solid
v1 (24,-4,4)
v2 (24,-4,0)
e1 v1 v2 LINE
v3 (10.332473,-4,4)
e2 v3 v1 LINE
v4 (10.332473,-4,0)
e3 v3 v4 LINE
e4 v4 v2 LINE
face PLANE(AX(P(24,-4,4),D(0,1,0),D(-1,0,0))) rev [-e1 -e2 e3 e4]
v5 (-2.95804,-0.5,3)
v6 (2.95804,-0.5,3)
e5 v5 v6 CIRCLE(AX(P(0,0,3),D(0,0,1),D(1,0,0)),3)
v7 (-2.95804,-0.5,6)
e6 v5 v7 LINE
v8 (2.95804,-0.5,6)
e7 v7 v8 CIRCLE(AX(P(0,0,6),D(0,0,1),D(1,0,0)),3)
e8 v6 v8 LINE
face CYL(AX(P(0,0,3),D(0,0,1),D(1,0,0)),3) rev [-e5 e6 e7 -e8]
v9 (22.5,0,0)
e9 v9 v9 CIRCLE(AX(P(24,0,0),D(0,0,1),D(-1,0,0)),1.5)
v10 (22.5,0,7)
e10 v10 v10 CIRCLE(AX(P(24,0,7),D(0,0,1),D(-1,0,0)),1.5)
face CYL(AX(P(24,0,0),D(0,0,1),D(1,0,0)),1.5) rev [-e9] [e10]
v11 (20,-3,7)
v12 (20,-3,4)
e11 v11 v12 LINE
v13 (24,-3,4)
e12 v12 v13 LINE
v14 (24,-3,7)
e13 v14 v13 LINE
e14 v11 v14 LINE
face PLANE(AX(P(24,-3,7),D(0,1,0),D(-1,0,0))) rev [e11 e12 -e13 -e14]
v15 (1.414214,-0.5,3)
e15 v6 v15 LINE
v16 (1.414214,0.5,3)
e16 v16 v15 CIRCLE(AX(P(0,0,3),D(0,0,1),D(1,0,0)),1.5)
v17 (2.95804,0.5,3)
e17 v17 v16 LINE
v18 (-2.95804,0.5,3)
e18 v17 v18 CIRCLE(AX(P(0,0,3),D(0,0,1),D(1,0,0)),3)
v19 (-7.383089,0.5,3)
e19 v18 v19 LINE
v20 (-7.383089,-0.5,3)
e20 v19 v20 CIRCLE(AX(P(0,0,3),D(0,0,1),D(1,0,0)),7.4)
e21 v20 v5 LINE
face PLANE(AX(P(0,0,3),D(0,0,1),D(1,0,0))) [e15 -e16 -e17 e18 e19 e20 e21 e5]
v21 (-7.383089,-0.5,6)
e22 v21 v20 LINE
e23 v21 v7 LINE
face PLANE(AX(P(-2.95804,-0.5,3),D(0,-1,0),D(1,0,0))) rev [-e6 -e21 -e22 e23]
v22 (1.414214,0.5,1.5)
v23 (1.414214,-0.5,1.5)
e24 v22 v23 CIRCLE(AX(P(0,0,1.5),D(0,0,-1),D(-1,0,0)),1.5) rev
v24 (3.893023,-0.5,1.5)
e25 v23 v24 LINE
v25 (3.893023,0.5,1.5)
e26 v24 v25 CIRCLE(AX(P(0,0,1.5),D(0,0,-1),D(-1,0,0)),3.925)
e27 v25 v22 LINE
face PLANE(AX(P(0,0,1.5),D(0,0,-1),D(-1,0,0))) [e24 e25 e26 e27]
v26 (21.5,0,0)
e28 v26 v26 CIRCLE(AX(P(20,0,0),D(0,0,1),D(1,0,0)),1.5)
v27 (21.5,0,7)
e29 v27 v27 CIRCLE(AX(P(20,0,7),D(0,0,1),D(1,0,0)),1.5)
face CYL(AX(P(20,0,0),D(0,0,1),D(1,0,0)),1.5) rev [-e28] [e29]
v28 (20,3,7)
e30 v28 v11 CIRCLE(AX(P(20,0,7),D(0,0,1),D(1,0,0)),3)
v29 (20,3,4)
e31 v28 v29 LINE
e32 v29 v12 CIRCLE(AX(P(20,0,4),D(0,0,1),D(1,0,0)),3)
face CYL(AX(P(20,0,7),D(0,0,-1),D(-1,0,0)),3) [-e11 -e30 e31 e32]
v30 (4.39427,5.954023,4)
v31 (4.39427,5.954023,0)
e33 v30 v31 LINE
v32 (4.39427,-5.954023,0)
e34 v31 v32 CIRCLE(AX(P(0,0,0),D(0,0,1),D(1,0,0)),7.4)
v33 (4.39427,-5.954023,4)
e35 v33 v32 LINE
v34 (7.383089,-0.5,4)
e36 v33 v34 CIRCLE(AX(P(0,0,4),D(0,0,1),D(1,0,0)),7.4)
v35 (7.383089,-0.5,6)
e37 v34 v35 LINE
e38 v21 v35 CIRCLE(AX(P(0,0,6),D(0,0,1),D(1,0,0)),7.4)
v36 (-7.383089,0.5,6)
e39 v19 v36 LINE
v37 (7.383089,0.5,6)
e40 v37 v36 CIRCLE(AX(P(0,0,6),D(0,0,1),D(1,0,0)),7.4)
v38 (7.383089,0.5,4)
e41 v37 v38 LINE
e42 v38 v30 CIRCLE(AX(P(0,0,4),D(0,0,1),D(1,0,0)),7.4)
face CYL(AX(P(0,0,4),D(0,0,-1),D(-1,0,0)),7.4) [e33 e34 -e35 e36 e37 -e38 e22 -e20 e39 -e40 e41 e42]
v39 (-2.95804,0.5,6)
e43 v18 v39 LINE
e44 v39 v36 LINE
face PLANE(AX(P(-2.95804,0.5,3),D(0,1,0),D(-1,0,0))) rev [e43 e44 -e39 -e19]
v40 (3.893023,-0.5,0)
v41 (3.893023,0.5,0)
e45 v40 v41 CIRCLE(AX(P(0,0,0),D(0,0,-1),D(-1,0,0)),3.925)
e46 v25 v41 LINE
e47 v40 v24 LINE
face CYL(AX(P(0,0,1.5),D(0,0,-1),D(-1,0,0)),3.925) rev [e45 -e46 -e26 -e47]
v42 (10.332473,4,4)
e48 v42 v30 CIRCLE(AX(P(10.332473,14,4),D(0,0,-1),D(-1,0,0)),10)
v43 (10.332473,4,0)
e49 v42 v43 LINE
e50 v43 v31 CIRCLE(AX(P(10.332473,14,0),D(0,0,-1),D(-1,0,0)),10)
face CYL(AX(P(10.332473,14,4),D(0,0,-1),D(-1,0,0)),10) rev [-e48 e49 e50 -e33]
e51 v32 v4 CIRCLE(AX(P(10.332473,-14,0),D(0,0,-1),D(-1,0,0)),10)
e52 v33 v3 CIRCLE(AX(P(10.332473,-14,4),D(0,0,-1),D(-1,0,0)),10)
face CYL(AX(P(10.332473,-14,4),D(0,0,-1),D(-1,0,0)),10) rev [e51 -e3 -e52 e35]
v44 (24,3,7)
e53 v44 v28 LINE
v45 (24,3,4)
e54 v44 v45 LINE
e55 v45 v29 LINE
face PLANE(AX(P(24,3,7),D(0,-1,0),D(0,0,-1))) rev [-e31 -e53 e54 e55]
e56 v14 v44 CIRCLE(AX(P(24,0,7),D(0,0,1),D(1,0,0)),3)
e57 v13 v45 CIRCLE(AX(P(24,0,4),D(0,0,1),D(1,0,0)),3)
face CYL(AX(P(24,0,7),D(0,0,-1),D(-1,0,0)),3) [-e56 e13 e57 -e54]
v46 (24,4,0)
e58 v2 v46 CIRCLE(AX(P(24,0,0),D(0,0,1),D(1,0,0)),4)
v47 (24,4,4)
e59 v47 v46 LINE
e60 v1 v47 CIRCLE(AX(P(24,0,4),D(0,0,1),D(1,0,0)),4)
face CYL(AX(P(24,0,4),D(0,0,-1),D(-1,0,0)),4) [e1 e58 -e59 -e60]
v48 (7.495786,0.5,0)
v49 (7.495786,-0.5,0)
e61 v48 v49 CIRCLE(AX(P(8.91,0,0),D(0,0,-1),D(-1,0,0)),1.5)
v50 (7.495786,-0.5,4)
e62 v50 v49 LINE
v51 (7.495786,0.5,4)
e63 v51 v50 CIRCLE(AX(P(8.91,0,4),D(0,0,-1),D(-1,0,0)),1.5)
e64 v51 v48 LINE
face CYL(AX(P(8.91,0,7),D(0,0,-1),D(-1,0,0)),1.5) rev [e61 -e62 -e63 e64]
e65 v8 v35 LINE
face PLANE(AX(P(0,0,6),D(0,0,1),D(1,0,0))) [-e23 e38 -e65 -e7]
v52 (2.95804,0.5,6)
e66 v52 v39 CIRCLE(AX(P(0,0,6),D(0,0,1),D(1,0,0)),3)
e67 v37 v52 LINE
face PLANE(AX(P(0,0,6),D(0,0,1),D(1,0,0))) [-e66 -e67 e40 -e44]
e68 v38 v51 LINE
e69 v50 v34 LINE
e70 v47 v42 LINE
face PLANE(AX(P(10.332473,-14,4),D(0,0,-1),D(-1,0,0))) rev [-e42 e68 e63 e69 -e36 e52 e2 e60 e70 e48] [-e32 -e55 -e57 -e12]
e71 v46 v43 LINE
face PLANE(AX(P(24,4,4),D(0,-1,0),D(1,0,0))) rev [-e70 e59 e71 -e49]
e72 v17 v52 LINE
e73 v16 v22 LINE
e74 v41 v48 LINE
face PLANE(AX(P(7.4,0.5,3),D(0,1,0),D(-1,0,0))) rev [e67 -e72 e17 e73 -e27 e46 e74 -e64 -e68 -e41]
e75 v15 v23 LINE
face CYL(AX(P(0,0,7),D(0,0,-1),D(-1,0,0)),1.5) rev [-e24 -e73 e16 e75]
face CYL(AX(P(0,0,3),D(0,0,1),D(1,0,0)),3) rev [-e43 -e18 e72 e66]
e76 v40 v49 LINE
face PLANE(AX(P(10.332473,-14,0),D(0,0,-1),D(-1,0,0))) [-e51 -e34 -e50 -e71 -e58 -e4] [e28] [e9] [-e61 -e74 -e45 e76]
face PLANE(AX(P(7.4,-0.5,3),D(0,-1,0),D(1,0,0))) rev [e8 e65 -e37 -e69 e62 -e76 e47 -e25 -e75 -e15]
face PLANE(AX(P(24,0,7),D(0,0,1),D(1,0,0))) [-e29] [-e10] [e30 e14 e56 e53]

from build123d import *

# Parameters (mm, degrees)
EXTRUDE_1_DEPTH     = 4
SKETCH_3_R          = 7.4
EXTRUDE_2_DEPTH     = 2
EXTRUDE_3_DEPTH     = 3
CUT_EXTRUDE_1_DEPTH = 3
SKETCH_7_R          = 1.5
CUT_EXTRUDE_2_DEPTH = 30.795301643
CUT_EXTRUDE_3_DEPTH = 30.795301643
SKETCH_10_R         = 3.925
CUT_EXTRUDE_4_DEPTH = 1.5


with BuildPart() as part:
    # ｽｹｯﾁ2 → ﾎﾞｽ - 押し出し1 (new body)
    with BuildSketch(Plane.XY):
        with BuildLine():
            Line((24, 4), (10.332473082, 4))
            ThreePointArc((10.332473082, 4), (7.206754774, 4.50105874), (4.394270162, 5.954022989))
            ThreePointArc((4.394270162, 5.954022989), (-7.4, 0), (4.394270162, -5.954022989))
            ThreePointArc((4.394270162, -5.954022989), (7.206754774, -4.50105874), (10.332473082, -4))
            Line((10.332473082, -4), (24, -4))
            ThreePointArc((24, -4), (28, 0), (24, 4))
        make_face()
    extrude(amount=EXTRUDE_1_DEPTH)

    # ｽｹｯﾁ3 → ﾎﾞｽ - 押し出し2 (add)
    with BuildSketch(Plane.XY.offset(4)):
        with Locations(Location((0, 0, 0), (0, 0, 53.571420986))):
            Circle(SKETCH_3_R)
    extrude(amount=EXTRUDE_2_DEPTH)

    # ｽｹｯﾁ4 → ﾎﾞｽ - 押し出し3 (add)
    with BuildSketch(Plane.XY.offset(4)):
        with BuildLine():
            Line((24, -3), (20, -3))
            ThreePointArc((20, -3), (17, 0), (20, 3))
            Line((20, 3), (24, 3))
            ThreePointArc((24, 3), (27, 0), (24, -3))
        make_face()
    extrude(amount=EXTRUDE_3_DEPTH)

    # ｽｹｯﾁ6 → ｶｯﾄ - 押し出し1 (cut)
    with BuildSketch(Plane.XY.offset(6)):
        with BuildLine():
            Line((7.4, 0.5), (2.958039892, 0.5))
            ThreePointArc((2.958039892, 0.5), (0, 3), (-2.958039892, 0.5))
            Line((-2.958039892, 0.5), (-7.4, 0.5))
            Line((-7.4, 0.5), (-7.4, -0.5))
            Line((-7.4, -0.5), (-2.958039892, -0.5))
            ThreePointArc((-2.958039892, -0.5), (0, -3), (2.958039892, -0.5))
            Line((2.958039892, -0.5), (7.4, -0.5))
            Line((7.4, -0.5), (7.4, 0.5))
        make_face()
    extrude(amount=-CUT_EXTRUDE_1_DEPTH, mode=Mode.SUBTRACT)

    # ｽｹｯﾁ7 → ｶｯﾄ - 押し出し2 (cut, through all)
    with BuildSketch(Plane.XY.offset(7)):
        with Locations((20, 0)):
            Circle(SKETCH_7_R)
        with Locations(Location((24, 0, 0), (0, 0, 180))):
            Circle(SKETCH_7_R)
    extrude(amount=-CUT_EXTRUDE_2_DEPTH, mode=Mode.SUBTRACT)

    # ｽｹｯﾁ8 → ｶｯﾄ - 押し出し3 (cut, through all)
    with BuildSketch(Plane(origin=(0, 0, 0), x_dir=(-1, 0, 0), z_dir=(0, 0, -1))):
        with BuildLine():
            ThreePointArc((-1.414213562, -0.5), (1.5, 0), (-1.414213562, 0.5))
            Line((-1.414213562, 0.5), (-7.495786438, 0.5))
            ThreePointArc((-7.495786438, 0.5), (-10.41, 0), (-7.495786438, -0.5))
            Line((-7.495786438, -0.5), (-1.414213562, -0.5))
        make_face()
    extrude(amount=-CUT_EXTRUDE_3_DEPTH, mode=Mode.SUBTRACT)

    # ｽｹｯﾁ10 → ｶｯﾄ - 押し出し4 (cut)
    with BuildSketch(Plane(origin=(0, 0, 0), x_dir=(-1, 0, 0), z_dir=(0, 0, -1))):
        Circle(SKETCH_10_R)
    extrude(amount=-CUT_EXTRUDE_4_DEPTH, mode=Mode.SUBTRACT)


solid = part.part
